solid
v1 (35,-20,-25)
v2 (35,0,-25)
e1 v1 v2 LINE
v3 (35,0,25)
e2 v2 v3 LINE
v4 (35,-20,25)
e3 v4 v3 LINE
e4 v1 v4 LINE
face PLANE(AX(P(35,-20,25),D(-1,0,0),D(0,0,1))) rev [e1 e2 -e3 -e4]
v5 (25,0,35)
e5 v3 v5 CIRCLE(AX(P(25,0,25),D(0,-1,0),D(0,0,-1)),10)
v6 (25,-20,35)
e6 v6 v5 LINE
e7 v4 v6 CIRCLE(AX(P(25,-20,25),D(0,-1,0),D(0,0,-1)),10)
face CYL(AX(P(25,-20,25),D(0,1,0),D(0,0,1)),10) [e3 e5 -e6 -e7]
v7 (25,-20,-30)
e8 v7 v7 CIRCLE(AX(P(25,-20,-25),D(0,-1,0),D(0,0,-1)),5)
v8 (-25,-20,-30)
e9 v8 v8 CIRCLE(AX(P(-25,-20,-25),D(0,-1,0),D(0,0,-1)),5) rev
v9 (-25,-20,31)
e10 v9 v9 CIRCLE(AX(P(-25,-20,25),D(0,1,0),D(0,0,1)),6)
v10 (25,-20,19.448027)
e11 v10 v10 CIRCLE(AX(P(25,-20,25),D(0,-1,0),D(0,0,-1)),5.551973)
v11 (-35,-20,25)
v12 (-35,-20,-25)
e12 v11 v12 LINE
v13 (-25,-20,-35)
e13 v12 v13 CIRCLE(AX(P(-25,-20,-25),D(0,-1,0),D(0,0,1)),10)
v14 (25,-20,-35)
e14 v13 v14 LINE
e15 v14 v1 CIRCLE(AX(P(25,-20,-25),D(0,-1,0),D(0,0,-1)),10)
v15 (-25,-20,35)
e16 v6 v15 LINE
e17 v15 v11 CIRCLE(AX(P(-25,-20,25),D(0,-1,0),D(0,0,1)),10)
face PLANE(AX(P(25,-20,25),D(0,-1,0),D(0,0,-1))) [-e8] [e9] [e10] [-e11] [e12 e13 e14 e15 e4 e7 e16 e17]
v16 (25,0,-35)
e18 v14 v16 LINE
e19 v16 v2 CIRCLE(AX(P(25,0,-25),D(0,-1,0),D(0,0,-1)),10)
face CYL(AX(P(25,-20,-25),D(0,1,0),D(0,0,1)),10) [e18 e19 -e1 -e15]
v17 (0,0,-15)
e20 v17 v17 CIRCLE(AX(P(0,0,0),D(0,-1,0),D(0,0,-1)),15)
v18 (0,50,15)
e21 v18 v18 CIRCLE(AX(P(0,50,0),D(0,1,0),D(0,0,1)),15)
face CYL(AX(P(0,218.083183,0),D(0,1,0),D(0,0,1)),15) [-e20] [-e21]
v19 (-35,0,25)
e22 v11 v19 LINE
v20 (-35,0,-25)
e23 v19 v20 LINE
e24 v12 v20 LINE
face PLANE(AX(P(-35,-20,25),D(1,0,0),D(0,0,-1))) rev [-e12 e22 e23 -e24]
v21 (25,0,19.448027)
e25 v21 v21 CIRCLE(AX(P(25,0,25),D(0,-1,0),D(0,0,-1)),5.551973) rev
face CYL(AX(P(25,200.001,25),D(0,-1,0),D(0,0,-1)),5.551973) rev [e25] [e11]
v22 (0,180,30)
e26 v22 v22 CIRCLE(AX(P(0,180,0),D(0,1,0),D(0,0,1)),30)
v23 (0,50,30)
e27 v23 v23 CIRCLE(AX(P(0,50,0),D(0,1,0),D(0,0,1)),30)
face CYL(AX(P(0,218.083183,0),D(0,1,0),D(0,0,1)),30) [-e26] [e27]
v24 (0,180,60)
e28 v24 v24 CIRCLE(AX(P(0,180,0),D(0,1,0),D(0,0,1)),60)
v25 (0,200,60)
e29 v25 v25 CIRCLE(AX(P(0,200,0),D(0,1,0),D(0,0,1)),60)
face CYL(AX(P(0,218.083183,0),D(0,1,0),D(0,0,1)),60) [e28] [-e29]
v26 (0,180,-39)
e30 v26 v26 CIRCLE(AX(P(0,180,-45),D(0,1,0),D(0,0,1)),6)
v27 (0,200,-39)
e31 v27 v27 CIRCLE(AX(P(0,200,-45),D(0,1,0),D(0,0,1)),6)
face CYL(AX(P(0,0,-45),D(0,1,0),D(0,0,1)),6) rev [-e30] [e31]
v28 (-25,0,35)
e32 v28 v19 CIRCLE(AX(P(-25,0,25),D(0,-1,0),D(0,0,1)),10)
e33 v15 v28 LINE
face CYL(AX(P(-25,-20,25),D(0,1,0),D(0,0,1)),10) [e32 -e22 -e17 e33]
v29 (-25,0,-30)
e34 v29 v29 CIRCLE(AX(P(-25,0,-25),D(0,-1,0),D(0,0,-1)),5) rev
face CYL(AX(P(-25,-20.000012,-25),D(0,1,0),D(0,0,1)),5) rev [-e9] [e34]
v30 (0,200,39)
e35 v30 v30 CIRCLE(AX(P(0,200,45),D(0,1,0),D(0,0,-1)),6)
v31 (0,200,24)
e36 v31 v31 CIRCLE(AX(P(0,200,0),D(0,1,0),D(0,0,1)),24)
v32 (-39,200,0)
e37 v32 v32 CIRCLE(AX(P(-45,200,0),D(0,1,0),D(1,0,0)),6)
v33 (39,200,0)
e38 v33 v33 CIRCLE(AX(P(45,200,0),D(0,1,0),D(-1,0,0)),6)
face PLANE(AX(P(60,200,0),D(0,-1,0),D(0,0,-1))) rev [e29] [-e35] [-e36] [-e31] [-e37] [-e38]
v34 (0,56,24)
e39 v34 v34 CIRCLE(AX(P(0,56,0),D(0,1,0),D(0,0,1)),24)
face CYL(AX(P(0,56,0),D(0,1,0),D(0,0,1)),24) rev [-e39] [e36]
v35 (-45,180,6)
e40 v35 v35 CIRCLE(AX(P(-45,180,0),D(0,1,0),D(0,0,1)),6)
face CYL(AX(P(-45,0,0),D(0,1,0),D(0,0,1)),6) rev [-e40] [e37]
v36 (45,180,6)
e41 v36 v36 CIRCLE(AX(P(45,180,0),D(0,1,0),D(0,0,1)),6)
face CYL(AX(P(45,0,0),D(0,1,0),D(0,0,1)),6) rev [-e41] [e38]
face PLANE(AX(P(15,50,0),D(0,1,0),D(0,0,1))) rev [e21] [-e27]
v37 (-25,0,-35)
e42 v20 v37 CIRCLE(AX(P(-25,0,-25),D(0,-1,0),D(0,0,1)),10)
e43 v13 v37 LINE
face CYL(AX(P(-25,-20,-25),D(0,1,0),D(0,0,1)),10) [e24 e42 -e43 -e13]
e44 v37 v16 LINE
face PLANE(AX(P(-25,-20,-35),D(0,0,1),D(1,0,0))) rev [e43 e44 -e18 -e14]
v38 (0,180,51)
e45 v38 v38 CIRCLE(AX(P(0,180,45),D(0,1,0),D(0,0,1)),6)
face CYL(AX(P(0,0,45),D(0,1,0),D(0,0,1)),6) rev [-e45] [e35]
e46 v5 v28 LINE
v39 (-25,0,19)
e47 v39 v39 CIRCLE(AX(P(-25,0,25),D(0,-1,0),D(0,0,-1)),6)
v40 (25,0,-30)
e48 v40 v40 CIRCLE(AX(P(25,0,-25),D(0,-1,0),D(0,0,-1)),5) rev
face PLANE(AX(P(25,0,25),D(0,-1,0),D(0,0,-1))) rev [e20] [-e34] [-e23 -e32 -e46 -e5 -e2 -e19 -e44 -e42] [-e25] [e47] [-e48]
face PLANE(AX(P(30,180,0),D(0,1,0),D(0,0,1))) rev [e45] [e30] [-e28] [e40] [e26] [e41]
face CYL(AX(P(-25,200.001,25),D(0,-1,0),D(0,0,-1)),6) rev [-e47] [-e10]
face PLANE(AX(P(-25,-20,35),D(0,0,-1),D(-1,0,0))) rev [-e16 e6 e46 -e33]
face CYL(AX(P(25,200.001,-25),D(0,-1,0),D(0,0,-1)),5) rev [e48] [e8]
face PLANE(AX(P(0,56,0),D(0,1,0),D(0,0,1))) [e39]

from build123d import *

# Parameters (mm, degrees)
SKETCH2_R                      = 6
CUT_EXTRUDE1_DEPTH             = 201
CIRPATTERN1_COUNT              = 4
SKETCH3_R                      = 24
CUT_EXTRUDE2_DEPTH             = 144
BOSS_EXTRUDE2_DEPTH            = 20
CUT_EXTRUDE3_REACH             = 222
SKETCH8_R                      = 6
CUT_EXTRUDE4_REACH             = 222
SKETCH10_R                     = 5.551973051
CUT_EXTRUDE5_REACH             = 222
SKETCH11_R                     = 5
CUT_EXTRUDE6_REACH             = 222
SKETCH12_R                     = 5
CUT_EXTRUDE6_DIRECTION_2_DEPTH = 1


with BuildPart() as part:
    # Sketch1 → Revolve1 (revolve)
    with BuildSketch(Plane.XY):
        Polygon((0, 0), (15, 0), (15, 50), (30, 50), (30, 180), (60, 180), (60, 200), (0, 200), align=None)
    revolve(axis=Axis((0, 218.08318264, 0), (0, -1, 0)))

    # Sketch2 → Cut-Extrude1 (cut, through all)
    with BuildSketch(Plane(origin=(0, 200, 0), x_dir=(1, 0, 0), z_dir=(0, 1, 0))):
        with Locations((0, 45)):
            Circle(SKETCH2_R)
    cut_extrude1 = extrude(amount=-CUT_EXTRUDE1_DEPTH, mode=Mode.SUBTRACT)

    # CirPattern1: Cut-Extrude1 ×4 about axis
    cirpattern1_axis = Axis((0, 0, 0), (0, 1, 0))
    for i in range(1, CIRPATTERN1_COUNT):
        add(cut_extrude1.rotate(cirpattern1_axis, i * 360 / CIRPATTERN1_COUNT), mode=Mode.SUBTRACT)

    # Sketch3 → Cut-Extrude2 (cut)
    with BuildSketch(Plane(origin=(0, 200, 0), x_dir=(1, 0, 0), z_dir=(0, 1, 0))):
        Circle(SKETCH3_R)
    extrude(amount=-CUT_EXTRUDE2_DEPTH, mode=Mode.SUBTRACT)

    # Sketch4 → Boss-Extrude2 (add)
    with BuildSketch(Plane.XZ):
        with BuildLine():
            Line((-25, 35), (25, 35))
            ThreePointArc((25, 35), (32.071067812, 32.071067812), (35, 25))
            Line((35, 25), (35, -25))
            ThreePointArc((35, -25), (32.071067812, -32.071067812), (25, -35))
            Line((25, -35), (-25, -35))
            ThreePointArc((-25, -35), (-32.071067812, -32.071067812), (-35, -25))
            Line((-35, -25), (-35, 25))
            ThreePointArc((-35, 25), (-32.071067812, 32.071067812), (-25, 35))
        make_face()
    extrude(amount=BOSS_EXTRUDE2_DEPTH)

    # Sketch8 → Cut-Extrude3 (cut, up to next)
    with BuildSketch(Plane.XZ.offset(20), mode=Mode.PRIVATE) as cut_extrude3_sk1:
        with Locations((-25, 25)):
            Circle(SKETCH8_R)
    cut_extrude3_tool1 = extrude(cut_extrude3_sk1.sketch, amount=-CUT_EXTRUDE3_REACH, mode=Mode.PRIVATE) & part.part
    add(cut_extrude3_tool1.solids().sort_by_distance((-25, -20, 25))[0], mode=Mode.SUBTRACT)

    # Sketch10 → Cut-Extrude4 (cut, up to next)
    with BuildSketch(Plane(origin=(0, -20, 0), x_dir=(-1, 0, 0), z_dir=(0, -1, 0)), mode=Mode.PRIVATE) as cut_extrude4_sk1:
        with Locations((-25, -25)):
            Circle(SKETCH10_R)
    cut_extrude4_tool1 = extrude(cut_extrude4_sk1.sketch, amount=-CUT_EXTRUDE4_REACH, mode=Mode.PRIVATE) & part.part
    add(cut_extrude4_tool1.solids().sort_by_distance((25, -20, 25))[0], mode=Mode.SUBTRACT)

    # Sketch11 → Cut-Extrude5 (cut, up to next)
    with BuildSketch(Plane(origin=(0, -20, 0), x_dir=(-1, 0, 0), z_dir=(0, -1, 0)), mode=Mode.PRIVATE) as cut_extrude5_sk1:
        with Locations((-25, 25)):
            Circle(SKETCH11_R)
    cut_extrude5_tool1 = extrude(cut_extrude5_sk1.sketch, amount=-CUT_EXTRUDE5_REACH, mode=Mode.PRIVATE) & part.part
    add(cut_extrude5_tool1.solids().sort_by_distance((25, -20, -25))[0], mode=Mode.SUBTRACT)

    # Sketch12 → Cut-Extrude6 (cut, up to next)
    with BuildSketch(Plane.XZ.offset(20), mode=Mode.PRIVATE) as cut_extrude6_sk1:
        with Locations((-25, -25)):
            Circle(SKETCH12_R)
    cut_extrude6_tool1 = extrude(cut_extrude6_sk1.sketch, amount=-CUT_EXTRUDE6_REACH, mode=Mode.PRIVATE) & part.part
    add(cut_extrude6_tool1.solids().sort_by_distance((-25, -20, -25))[0], mode=Mode.SUBTRACT)

    # Sketch12 → Cut-Extrude6 direction 2 (cut)
    with BuildSketch(Plane.XZ.offset(20)):
        with Locations((-25, -25)):
            Circle(SKETCH12_R)
    extrude(amount=CUT_EXTRUDE6_DIRECTION_2_DEPTH, mode=Mode.SUBTRACT)


solid = part.part
